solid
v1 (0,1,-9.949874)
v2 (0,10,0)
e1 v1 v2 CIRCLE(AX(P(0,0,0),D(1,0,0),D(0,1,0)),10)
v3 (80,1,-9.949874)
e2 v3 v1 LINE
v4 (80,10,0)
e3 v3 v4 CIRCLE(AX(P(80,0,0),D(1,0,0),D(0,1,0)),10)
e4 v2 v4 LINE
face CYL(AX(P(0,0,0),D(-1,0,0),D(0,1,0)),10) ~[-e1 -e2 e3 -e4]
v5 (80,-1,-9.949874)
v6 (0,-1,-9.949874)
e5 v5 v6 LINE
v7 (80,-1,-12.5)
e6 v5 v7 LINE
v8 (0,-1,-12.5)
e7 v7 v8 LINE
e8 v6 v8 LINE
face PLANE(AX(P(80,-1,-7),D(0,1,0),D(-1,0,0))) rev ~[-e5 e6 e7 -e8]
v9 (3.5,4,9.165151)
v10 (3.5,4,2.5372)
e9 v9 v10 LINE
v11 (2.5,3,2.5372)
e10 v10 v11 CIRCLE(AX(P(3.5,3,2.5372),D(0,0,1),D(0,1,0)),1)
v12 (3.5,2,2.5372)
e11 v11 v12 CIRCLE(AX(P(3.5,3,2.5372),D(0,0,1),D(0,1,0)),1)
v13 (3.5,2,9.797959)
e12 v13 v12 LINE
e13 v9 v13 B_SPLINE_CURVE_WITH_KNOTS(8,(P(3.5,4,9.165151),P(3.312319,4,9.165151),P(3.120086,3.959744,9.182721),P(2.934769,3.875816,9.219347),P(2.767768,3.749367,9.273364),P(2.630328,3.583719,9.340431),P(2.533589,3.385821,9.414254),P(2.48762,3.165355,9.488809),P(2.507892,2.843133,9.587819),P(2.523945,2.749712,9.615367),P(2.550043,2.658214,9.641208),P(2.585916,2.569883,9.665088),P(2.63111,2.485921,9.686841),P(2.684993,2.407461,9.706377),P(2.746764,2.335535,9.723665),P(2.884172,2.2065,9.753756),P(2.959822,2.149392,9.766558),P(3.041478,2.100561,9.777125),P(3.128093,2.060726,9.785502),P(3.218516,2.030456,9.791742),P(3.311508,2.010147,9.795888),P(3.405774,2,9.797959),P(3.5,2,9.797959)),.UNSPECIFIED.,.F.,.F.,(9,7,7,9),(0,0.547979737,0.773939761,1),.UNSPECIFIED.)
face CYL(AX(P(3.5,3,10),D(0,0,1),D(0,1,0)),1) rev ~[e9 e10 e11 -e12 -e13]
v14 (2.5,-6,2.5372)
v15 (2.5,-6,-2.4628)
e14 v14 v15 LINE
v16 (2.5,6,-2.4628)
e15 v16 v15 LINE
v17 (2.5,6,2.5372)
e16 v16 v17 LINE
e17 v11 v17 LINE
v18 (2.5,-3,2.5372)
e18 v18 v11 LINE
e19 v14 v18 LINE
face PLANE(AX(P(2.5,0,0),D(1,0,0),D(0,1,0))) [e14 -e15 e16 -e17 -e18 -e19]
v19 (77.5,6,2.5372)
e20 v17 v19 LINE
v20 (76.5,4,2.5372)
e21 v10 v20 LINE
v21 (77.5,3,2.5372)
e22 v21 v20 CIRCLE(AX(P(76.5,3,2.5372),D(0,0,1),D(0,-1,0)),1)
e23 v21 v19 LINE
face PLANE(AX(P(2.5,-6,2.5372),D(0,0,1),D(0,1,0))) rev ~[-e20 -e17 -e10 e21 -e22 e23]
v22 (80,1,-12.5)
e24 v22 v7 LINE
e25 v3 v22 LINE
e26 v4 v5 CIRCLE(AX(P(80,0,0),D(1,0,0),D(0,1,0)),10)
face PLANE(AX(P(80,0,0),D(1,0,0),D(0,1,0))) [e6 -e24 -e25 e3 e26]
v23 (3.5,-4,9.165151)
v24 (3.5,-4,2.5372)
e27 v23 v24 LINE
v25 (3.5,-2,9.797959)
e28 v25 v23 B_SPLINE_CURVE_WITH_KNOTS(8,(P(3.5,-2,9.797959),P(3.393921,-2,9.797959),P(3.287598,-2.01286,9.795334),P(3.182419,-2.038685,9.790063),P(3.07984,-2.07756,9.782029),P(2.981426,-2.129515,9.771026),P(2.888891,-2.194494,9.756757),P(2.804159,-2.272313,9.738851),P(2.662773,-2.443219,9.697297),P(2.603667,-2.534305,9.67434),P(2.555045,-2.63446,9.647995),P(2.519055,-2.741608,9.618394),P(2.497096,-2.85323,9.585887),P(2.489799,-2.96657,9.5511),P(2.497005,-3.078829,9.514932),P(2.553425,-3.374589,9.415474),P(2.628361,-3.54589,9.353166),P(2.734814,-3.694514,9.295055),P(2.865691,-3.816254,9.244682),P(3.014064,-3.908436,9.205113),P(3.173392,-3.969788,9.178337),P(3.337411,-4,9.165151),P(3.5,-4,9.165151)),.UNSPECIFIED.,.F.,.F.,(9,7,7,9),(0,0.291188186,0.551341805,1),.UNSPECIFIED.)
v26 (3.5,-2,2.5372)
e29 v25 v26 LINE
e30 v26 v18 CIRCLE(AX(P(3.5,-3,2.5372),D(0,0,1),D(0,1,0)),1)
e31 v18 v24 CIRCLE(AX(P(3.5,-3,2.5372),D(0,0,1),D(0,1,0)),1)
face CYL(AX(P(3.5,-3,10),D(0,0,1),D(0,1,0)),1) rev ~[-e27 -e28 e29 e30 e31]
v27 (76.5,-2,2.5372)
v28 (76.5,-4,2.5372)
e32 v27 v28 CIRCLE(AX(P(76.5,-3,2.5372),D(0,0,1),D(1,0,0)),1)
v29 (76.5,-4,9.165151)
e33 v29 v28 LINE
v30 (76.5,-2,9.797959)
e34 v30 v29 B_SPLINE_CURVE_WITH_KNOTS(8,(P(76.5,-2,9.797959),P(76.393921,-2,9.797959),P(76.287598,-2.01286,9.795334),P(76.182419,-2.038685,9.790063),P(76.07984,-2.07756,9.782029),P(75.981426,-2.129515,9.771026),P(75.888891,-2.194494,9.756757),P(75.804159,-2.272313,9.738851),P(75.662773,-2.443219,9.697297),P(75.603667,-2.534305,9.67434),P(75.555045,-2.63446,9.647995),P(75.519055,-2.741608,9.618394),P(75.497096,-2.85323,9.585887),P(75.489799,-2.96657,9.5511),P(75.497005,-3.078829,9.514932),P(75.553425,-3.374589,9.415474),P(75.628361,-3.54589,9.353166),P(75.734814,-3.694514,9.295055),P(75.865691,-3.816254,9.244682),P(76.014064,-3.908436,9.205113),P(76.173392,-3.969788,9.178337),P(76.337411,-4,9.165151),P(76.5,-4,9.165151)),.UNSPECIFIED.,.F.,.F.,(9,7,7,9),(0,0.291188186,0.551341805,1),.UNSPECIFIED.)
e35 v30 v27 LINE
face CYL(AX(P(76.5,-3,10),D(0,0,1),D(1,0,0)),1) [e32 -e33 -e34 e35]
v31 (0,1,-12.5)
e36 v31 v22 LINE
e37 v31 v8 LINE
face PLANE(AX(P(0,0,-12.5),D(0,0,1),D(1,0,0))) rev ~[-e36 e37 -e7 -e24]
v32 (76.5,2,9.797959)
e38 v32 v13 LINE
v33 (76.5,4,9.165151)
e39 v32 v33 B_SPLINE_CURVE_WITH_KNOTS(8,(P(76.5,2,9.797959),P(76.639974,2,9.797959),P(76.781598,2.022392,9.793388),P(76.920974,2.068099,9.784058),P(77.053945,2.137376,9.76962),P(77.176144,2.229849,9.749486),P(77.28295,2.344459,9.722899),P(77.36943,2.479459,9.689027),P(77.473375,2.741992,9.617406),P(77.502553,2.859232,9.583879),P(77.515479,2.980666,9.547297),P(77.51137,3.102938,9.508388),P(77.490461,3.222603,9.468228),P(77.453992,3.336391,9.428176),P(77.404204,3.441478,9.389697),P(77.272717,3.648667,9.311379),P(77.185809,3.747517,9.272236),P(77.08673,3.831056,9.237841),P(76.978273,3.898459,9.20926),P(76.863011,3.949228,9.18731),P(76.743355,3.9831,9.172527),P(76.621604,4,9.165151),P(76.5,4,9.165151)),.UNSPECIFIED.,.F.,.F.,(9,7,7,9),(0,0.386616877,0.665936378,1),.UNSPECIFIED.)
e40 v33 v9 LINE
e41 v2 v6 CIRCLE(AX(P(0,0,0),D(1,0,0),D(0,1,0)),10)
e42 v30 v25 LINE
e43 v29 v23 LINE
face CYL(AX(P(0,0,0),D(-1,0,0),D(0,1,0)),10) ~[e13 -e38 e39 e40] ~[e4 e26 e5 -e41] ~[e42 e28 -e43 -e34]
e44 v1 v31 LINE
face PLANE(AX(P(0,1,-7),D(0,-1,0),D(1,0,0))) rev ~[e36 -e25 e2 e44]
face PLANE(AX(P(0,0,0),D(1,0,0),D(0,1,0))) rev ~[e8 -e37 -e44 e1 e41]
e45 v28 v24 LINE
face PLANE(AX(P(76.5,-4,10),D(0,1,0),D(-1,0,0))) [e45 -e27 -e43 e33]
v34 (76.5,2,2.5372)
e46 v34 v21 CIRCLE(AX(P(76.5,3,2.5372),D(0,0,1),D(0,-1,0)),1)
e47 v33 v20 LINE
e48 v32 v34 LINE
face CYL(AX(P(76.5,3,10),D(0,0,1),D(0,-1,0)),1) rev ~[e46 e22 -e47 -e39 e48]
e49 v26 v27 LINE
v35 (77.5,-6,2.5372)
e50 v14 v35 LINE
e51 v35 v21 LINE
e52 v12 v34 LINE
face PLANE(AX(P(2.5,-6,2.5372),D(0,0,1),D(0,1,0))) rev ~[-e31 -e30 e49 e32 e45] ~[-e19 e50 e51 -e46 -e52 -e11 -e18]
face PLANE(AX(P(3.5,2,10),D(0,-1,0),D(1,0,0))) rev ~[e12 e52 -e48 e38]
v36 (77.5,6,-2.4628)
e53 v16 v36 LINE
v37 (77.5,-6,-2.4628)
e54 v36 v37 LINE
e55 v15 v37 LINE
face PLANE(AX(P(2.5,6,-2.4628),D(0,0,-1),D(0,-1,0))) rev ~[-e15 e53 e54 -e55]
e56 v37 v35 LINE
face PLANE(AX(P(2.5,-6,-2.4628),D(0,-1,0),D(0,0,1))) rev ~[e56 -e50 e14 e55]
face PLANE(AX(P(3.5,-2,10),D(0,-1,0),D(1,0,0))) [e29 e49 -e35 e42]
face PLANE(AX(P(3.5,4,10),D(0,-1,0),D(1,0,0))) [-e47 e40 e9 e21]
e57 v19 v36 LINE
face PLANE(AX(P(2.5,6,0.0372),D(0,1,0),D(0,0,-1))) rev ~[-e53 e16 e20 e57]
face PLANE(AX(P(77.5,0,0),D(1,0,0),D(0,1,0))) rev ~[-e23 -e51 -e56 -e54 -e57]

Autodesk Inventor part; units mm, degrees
sketch "草图1" plane through (0, 0, 0) normal (1, 0, 0) x (0, 1, 0)
  circle A0 centre (0, 0) radius 10
  dimension "d0" = 20
extrude "拉伸1" add sketch "草图1" along normal blind 80
ref_plane "工作平面1" through (2.5, 0, 0) normal (1, 0, 0) x (0, 1, 0)
sketch "草图2" plane through (2.5, 0, 0) normal (1, 0, 0) x (0, 1, 0)
  circle A0 centre (0, 0) radius 10 projected
  line L0 (6, -2.4628) -> (-6, -2.4628)
  line L1 (-6, -2.4628) -> (-6, 2.5372)
  line L2 (-6, 2.5372) -> (6, 2.5372)
  line L3 (6, 2.5372) -> (6, -2.4628)
  line L4 (6.59, 0.0372) -> (-6.5609, 0.0372)
  point P0 (10, 0)
  point P1 (-10, 0)
  dimension "d4" = 4
  dimension "d5" = 4
  dimension "d6" = 5
extrude "拉伸2" cut sketch "草图2" along normal blind 75 contours L0 L1 L4 L3 | L4 L1 L2 L3
ref_plane "工作平面3" through (0, 0, 10) normal (0, 0, 1) x (1, 0, 0)
sketch "草图5" plane through (0, 0, 10) normal (0, 0, 1) x (1, 0, 0)
  line L0 (-2.1953, 0) -> (98.9957, 0)
  line L1 (2.5, 6) -> (2.5, -6) projected
  line L2 (77.5, 6) -> (77.5, -6) projected
  line L3 (2.5, -6) -> (2.5, 6) projected
  line L4 (3.5, 4) -> (76.5, 4)
  line L5 (76.5, -4) -> (3.5, -4)
  line L6 (2.5, -3) -> (2.5, -2)
  arc A0 (3.5, 4) -> (3.5, 2) centre (3.5, 3) ccw
  arc A1 (3.5, -2) -> (3.5, -4) centre (3.5, -3) ccw
  line L7 (3.5, 2) -> (76.5, 2)
  line L8 (3.5, -2) -> (76.5, -2)
  arc A2 (76.5, 2) -> (76.5, 4) centre (76.5, 3) ccw
  circle A3 centre (76.5, -3) radius 1
  point P0 (0, 0)
  point P1 (3.5, 0)
  point P2 (76.5, 0)
  dimension "d52" = 8
  dimension "d53" = 1
  dimension "d54" = 1
  dimension "d55" = 1
extrude "拉伸3" cut sketch "草图5" against normal blind 7.5 contours A0 L4 A2 L7 | A1 L8 A3 L5
ref_plane "工作平面4" through (0, 0, -7) normal (0, 0, 1) x (1, 0, 0)
sketch "草图6" plane through (0, 0, -7) normal (0, 0, 1) x (1, 0, 0)
  line L0 (0, -10) -> (0, 10) projected
  line L1 (80, -10) -> (80, 10) projected
  line L2 (0, 1) -> (80, 1)
  line L3 (80, 1) -> (80, -1)
  line L4 (80, -1) -> (0, -1)
  line L5 (0, -1) -> (0, 1)
  line L6 (-22.5072, 0) -> (150.7978, 0)
  point P0 (0, 0)
  point P1 (0, -1)
  dimension "d39" = 2
extrude "拉伸4" add sketch "草图6" against normal blind 5.5
ref_plane "工作平面5" through (2.5, -6, -2.4628) normal (0, 0, 1) x (1, 0, 0)
sketch "草图7" plane through (2.5, -6, -2.4628) normal (0, 0, 1) x (1, 0, 0)
  point P0 (-2.5, 6)
properties part number "Inner_telescope_arm"
